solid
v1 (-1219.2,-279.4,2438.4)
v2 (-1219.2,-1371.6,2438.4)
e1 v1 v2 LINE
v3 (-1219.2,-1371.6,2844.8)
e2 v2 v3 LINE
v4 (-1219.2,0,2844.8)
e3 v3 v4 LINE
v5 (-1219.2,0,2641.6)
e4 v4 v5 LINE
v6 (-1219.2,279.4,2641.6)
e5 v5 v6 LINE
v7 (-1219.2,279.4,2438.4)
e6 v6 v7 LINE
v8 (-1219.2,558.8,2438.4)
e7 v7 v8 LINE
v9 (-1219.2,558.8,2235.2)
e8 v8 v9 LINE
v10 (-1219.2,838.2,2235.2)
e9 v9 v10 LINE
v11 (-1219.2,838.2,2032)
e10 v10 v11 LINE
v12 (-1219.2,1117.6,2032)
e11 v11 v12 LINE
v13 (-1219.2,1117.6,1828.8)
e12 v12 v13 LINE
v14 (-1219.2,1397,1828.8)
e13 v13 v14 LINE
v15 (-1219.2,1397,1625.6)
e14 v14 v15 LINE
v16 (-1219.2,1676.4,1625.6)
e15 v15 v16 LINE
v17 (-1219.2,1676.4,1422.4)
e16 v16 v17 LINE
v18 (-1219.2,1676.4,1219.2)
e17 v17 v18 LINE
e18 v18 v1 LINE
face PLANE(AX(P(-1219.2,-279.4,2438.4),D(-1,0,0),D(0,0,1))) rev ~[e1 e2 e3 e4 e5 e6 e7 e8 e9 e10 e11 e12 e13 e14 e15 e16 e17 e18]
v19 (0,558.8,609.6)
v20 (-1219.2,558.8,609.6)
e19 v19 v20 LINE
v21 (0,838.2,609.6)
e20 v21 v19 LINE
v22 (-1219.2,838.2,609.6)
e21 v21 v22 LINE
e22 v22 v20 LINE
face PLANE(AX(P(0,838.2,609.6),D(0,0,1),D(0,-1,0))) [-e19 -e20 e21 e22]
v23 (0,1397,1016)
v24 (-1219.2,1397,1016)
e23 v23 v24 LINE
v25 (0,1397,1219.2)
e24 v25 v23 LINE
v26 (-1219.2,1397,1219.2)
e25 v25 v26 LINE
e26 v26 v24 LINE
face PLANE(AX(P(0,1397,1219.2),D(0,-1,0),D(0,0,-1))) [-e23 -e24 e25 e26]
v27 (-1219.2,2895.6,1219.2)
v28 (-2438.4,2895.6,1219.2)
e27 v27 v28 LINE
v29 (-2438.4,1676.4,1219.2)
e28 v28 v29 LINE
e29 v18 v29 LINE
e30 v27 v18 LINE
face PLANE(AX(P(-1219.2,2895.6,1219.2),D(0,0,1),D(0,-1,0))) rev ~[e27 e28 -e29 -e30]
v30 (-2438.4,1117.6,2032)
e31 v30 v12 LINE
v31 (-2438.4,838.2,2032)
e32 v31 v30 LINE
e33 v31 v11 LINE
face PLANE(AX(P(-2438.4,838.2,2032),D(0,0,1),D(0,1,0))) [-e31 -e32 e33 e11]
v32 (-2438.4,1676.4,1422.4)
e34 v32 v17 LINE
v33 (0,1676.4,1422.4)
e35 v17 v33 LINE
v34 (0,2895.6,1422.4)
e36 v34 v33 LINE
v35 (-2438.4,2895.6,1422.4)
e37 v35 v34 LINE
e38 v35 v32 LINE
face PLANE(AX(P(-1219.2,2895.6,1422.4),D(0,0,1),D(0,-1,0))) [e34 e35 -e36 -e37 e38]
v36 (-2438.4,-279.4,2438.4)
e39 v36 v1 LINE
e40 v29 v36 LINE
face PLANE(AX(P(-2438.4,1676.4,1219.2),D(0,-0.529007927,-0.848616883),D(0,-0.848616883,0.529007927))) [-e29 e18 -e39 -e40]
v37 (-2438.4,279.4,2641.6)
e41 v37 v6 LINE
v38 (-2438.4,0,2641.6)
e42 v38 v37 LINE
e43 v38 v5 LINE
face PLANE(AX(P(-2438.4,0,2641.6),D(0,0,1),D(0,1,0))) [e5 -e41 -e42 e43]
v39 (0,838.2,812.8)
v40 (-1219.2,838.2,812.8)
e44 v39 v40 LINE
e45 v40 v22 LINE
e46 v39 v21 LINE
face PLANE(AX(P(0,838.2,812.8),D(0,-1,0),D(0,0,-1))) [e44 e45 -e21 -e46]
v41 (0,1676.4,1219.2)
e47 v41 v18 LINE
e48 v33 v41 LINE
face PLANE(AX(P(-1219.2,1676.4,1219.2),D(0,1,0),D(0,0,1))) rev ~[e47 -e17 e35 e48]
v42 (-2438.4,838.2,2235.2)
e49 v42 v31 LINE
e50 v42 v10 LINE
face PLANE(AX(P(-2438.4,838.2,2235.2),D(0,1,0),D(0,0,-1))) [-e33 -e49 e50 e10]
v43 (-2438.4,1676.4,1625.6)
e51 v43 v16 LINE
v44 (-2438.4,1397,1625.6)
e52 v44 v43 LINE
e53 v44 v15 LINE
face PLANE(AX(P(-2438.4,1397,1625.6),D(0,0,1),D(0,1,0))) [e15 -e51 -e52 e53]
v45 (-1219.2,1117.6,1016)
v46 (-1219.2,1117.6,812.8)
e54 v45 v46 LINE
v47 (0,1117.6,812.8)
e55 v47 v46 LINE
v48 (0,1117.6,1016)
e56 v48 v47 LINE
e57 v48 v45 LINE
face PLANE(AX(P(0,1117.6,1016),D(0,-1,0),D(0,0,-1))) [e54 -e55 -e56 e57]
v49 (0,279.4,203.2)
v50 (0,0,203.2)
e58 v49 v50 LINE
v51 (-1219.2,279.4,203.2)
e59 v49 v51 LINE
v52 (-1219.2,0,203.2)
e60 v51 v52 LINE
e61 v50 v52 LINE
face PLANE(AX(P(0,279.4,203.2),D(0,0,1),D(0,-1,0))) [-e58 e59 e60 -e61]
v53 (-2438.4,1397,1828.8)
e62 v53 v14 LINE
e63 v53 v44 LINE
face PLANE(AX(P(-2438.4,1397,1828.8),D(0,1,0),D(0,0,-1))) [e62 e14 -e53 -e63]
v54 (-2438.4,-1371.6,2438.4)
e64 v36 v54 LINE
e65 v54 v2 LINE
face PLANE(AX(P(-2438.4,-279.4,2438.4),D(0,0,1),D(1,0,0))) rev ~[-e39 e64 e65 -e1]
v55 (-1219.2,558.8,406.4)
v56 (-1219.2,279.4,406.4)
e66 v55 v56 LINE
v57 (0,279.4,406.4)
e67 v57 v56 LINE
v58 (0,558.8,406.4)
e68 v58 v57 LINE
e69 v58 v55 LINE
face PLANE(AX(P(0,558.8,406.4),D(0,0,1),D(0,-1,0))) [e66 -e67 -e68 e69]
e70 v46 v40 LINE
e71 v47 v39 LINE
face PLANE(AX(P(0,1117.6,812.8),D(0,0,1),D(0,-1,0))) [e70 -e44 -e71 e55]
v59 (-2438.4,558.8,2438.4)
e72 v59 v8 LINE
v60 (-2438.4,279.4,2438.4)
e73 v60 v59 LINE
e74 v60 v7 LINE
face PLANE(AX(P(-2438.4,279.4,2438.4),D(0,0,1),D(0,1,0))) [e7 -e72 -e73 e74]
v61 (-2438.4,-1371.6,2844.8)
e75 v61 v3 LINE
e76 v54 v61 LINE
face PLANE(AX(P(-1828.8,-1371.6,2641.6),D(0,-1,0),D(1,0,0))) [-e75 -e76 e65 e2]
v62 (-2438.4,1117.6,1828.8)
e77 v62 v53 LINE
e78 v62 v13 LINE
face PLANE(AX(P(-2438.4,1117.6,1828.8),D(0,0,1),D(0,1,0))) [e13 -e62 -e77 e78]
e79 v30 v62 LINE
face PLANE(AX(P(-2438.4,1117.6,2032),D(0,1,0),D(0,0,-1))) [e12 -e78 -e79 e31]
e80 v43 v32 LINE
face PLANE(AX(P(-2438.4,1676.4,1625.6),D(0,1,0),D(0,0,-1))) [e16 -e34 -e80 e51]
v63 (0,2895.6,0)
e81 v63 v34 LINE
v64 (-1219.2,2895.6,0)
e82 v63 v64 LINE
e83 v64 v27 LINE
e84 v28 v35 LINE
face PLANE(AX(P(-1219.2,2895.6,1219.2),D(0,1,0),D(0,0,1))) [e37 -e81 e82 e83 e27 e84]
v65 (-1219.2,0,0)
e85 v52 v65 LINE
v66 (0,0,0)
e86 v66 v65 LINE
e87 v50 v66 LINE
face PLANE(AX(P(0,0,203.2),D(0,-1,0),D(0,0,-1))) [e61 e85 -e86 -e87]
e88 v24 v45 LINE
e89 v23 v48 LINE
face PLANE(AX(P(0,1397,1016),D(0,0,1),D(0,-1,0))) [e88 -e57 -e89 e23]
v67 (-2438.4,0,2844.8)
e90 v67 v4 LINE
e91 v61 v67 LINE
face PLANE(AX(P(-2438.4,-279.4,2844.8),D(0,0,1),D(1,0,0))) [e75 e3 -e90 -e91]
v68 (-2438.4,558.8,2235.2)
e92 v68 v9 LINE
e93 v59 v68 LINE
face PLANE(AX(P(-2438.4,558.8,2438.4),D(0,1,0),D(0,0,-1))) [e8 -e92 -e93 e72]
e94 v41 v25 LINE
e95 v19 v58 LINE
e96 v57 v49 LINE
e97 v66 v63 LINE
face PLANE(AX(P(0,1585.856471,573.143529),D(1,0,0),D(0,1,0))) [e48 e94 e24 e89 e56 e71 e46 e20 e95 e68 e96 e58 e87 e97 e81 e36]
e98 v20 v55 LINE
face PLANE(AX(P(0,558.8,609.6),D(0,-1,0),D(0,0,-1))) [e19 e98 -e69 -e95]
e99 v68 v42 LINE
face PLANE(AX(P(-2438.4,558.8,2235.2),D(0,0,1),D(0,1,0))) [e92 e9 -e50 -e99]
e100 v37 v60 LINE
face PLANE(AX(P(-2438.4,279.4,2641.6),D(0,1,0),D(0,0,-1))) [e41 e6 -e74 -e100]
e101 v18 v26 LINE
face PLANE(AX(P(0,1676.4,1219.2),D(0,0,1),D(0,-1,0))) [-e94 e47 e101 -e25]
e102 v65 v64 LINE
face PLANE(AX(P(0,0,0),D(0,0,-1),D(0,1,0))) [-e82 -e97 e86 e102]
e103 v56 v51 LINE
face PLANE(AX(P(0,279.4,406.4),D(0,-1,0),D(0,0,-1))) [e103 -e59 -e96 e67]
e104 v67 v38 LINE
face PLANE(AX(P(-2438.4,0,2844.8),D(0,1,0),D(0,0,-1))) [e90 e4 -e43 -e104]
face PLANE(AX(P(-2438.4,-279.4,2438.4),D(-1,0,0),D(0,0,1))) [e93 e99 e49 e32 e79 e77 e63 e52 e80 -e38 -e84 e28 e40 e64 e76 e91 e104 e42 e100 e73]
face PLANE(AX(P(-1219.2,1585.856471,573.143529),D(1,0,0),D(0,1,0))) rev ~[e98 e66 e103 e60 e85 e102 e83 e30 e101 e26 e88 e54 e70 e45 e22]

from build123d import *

# Parameters (mm, degrees)
F1_DEPTH = 1219.2
F2_W     = 1219.2
F2_H     = 203.2
F3_DEPTH = 1219.2
F5_DEPTH = 1219.2
F6_W     = 1219.2
F6_H     = 406.4
F7_DEPTH = 1092.2


with BuildPart() as f1:
    # F0 (on Right) → F1 (new body)
    with BuildSketch(Plane.YZ):
        Polygon((0, 203.2), (0, 0), (2895.6, 0), (2895.6, 1422.4), (1676.4, 1422.4), (1676.4, 1219.2), (1397, 1219.2), (1397, 1016), (1117.6, 1016), (1117.6, 812.8), (838.2, 812.8), (838.2, 609.6), (558.8, 609.6), (558.8, 406.4), (279.4, 406.4), (279.4, 203.2), align=None)
    extrude(amount=-F1_DEPTH)

    # F2 (on face) → F3 (join)
    with BuildSketch(Plane(origin=(-1219.2, 0, 0), x_dir=(0, -1, 0), z_dir=(-1, 0, 0))):
        with Locations((-2286, 1320.8)):
            Rectangle(F2_W, F2_H)
    extrude(amount=F3_DEPTH)

    # F4 (on face) → F5 (join, through all)
    with BuildSketch(Plane(origin=(-2438.4, 0, 0), x_dir=(0, -1, 0), z_dir=(-1, 0, 0))):
        Polygon((-1676.4, 1625.6), (-1676.4, 1219.2), (279.4, 2438.4), (279.4, 2844.8), (0, 2844.8), (0, 2641.6), (-279.4, 2641.6), (-279.4, 2438.4), (-558.8, 2438.4), (-558.8, 2235.2), (-838.2, 2235.2), (-838.2, 2032), (-1117.6, 2032), (-1117.6, 1828.8), (-1397, 1828.8), (-1397, 1625.6), align=None)
    extrude(amount=-F5_DEPTH)

    # F6 (on face) → F7 (join)
    with BuildSketch(Plane.XZ.offset(279.4)):
        with Locations((-1828.8, 2641.6)):
            Rectangle(F6_W, F6_H)
    extrude(amount=F7_DEPTH)


solid = f1.part
